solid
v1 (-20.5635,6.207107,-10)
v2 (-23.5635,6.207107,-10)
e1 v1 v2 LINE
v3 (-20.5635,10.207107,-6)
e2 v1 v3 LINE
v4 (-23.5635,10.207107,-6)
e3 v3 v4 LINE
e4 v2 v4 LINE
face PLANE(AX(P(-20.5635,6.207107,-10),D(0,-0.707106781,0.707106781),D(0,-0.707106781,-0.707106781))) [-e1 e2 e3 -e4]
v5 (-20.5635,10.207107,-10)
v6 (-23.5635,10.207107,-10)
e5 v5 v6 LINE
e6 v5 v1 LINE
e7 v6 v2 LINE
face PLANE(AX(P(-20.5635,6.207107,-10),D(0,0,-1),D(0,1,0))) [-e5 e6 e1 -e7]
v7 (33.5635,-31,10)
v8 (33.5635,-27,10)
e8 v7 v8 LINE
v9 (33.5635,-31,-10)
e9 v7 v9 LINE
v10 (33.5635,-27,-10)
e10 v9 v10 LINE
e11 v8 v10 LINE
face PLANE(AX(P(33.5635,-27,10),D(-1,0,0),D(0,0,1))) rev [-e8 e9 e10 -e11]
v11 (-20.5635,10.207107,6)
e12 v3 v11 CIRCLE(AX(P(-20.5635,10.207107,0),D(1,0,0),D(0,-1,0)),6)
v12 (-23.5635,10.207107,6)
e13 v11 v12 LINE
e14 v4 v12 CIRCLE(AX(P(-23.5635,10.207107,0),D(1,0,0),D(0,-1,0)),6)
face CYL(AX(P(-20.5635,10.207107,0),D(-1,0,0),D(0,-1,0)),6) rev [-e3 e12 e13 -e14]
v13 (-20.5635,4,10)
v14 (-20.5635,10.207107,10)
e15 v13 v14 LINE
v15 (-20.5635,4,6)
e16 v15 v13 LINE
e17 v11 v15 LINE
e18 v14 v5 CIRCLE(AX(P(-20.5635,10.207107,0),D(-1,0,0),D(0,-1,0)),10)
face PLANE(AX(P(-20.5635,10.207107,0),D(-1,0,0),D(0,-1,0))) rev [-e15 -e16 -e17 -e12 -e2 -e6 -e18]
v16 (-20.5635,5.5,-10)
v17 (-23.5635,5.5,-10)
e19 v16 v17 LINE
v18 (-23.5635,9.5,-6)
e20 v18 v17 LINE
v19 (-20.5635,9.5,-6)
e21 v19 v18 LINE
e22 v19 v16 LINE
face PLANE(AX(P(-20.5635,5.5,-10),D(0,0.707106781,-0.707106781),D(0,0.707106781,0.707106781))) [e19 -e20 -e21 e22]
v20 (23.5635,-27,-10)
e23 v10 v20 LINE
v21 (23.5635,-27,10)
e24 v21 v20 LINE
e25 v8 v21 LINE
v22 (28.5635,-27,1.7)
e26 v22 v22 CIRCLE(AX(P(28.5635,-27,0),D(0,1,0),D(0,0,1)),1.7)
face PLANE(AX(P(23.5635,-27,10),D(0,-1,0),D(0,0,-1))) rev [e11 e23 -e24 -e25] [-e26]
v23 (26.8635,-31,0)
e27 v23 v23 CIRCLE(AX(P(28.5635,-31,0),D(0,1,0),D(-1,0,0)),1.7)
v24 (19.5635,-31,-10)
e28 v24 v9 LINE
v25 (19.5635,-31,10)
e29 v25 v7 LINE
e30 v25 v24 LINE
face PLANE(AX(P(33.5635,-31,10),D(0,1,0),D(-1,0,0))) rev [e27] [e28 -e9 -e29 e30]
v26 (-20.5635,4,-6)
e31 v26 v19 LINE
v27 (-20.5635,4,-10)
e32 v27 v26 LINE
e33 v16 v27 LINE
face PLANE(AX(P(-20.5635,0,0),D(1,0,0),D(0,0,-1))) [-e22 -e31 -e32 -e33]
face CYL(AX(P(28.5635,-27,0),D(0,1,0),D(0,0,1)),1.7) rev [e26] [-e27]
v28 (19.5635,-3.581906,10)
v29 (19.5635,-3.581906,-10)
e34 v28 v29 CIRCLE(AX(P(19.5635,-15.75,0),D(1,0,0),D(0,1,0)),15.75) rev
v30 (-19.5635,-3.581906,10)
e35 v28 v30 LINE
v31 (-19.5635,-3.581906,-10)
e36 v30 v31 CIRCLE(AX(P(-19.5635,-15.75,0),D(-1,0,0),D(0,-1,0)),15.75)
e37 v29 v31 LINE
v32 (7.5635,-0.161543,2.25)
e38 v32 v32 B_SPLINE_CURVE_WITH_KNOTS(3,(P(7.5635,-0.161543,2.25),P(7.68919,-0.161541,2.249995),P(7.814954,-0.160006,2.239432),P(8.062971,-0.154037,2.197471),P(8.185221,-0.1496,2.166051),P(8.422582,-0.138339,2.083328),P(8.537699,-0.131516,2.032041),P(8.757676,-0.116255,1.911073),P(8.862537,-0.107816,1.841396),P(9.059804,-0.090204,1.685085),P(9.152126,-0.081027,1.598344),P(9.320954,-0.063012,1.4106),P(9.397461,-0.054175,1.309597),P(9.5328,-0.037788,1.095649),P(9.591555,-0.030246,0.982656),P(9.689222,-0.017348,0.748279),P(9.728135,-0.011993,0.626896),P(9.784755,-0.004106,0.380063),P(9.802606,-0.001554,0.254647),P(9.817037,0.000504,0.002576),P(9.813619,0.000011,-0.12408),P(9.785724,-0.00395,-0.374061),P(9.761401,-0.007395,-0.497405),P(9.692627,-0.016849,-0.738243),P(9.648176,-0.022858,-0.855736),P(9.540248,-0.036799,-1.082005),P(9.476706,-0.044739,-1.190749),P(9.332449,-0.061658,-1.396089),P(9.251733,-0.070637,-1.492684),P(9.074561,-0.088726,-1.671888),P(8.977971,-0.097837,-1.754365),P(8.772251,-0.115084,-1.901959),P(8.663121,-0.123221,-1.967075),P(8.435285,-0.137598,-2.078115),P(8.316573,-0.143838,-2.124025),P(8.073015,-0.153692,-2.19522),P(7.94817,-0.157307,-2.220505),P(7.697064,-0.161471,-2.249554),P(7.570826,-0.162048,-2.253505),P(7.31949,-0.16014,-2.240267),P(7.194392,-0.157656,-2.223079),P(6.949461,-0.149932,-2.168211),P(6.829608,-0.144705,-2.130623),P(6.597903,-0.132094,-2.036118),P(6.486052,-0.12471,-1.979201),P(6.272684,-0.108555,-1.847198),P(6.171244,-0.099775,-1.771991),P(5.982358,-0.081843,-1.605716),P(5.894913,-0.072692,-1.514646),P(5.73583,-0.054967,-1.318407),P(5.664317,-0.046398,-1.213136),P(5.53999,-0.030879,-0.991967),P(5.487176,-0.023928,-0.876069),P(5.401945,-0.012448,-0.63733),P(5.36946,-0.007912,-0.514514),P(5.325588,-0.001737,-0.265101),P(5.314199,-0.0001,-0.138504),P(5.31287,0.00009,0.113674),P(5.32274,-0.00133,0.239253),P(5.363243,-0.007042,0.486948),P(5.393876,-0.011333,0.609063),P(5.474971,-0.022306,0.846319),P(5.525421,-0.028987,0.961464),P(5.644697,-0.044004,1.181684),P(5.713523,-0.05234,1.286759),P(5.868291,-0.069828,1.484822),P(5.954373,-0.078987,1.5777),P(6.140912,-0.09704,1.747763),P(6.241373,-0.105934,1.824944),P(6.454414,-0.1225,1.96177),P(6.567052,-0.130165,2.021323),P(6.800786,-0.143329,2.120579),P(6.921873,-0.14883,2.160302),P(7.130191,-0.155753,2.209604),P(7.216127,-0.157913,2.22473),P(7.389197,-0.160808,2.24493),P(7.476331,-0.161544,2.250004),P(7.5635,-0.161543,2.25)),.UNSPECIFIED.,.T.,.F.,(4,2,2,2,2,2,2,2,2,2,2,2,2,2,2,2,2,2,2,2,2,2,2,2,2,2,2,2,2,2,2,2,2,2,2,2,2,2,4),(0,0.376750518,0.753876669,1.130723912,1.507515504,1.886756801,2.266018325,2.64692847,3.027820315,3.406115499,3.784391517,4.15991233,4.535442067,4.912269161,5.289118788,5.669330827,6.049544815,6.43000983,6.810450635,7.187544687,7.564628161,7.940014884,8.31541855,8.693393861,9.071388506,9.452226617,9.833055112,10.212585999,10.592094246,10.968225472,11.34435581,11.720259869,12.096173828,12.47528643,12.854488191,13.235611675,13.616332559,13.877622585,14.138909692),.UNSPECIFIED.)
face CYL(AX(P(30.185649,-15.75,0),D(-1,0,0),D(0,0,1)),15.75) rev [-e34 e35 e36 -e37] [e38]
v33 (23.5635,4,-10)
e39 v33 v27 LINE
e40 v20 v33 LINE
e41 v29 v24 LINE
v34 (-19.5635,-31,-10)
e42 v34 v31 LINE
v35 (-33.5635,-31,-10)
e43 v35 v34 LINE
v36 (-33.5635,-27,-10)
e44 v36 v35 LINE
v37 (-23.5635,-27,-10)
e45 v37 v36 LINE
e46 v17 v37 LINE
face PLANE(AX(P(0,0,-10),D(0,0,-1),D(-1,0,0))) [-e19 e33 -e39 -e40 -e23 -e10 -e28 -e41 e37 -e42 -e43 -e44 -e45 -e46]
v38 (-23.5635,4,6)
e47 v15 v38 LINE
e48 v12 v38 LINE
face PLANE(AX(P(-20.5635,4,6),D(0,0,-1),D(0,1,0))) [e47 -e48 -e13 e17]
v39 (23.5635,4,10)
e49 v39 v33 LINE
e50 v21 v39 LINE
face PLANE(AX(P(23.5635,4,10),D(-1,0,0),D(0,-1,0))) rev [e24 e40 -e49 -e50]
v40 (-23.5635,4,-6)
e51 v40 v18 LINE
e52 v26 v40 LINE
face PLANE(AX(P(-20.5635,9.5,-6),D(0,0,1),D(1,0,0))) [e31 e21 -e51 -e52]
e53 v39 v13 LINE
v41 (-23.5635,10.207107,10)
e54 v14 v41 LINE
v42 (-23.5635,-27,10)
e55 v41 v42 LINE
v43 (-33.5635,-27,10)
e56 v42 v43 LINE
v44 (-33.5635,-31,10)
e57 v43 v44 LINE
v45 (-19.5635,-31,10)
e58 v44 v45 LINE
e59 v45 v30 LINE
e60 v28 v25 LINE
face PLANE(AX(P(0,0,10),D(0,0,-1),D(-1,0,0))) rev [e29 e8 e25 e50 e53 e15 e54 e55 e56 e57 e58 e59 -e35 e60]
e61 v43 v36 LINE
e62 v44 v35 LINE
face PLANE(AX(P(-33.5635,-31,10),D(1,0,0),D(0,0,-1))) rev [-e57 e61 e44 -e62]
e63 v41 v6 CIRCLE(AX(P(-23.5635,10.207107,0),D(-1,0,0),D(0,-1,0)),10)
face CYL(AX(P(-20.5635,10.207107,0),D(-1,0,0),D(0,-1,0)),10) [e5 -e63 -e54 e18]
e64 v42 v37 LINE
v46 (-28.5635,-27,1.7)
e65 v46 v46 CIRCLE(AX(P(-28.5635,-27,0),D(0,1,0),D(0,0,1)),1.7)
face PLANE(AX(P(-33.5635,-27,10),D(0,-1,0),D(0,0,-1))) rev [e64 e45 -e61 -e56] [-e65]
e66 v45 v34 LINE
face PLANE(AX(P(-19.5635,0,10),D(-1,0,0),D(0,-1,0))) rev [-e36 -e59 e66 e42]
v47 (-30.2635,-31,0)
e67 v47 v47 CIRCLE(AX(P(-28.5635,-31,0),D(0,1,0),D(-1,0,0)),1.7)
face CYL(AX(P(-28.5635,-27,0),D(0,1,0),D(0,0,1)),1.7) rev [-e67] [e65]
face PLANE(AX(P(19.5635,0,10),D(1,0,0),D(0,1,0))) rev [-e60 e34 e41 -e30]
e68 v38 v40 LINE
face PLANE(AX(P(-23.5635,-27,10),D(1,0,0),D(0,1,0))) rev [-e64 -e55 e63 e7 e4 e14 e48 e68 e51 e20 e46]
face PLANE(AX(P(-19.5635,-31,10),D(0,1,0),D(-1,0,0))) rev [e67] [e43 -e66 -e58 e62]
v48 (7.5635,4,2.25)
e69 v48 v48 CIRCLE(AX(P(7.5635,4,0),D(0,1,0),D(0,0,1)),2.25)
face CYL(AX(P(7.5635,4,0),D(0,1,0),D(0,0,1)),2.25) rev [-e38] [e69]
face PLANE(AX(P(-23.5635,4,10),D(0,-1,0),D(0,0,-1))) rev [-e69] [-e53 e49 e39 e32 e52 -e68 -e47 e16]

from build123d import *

# Parameters (mm, degrees)
BOSS_EXTRUDE1_DEPTH      = 10
BOSS_EXTRUDE2_START      = -19.5635
BOSS_EXTRUDE2_DEPTH      = 39.127
M3_CLEARANCE_HOLE1_D     = 3.4
M3_CLEARANCE_HOLE1_DEPTH = 7.5
M3_CLEARANCE_HOLE1_TIP   = 1.021463052
M4_CLEARANCE_HOLE1_D     = 4.5
BOSS_EXTRUDE3_DEPTH      = 3


with BuildPart() as part:
    # Sketch1 → Boss-Extrude1 (new, symmetric)
    with BuildSketch(Plane.XY):
        Polygon((-19.5635, 0), (19.5635, 0), (19.5635, -31), (33.5635, -31), (33.5635, -27), (23.5635, -27), (23.5635, 4), (-23.5635, 4), (-23.5635, -27), (-33.5635, -27), (-33.5635, -31), (-19.5635, -31), align=None)
    extrude(amount=BOSS_EXTRUDE1_DEPTH, both=True)

    # Sketch2 → Boss-Extrude2 (add)
    with BuildSketch(Plane(origin=(0, 0, 0), x_dir=(0, 0, -1), z_dir=(1, 0, 0)).offset(BOSS_EXTRUDE2_START)):
        with BuildLine():
            Line((5e-09, 0), (-10, 0))
            Line((-10, 0), (-10, -3.581906476))
            ThreePointArc((-10, -3.581906476), (-5.311074607, -0.922492235), (5e-09, 0))
        make_face()
        with BuildLine():
            Line((10, 0), (5e-09, 0))
            ThreePointArc((5e-09, 0), (5.311074611, -0.922492237), (10, -3.581906476))
            Line((10, -3.581906476), (10, 0))
        make_face()
    extrude(amount=BOSS_EXTRUDE2_DEPTH)

    # M3 Clearance Hole1
    with Locations(Plane(origin=(0, -27, 0), x_dir=(1, 0, 0), z_dir=(0, 1, 0))):
        with Locations((28.5635, 0), (-28.5635, 0)):
            Hole(M3_CLEARANCE_HOLE1_D / 2, depth=M3_CLEARANCE_HOLE1_DEPTH)
            with Locations((0, 0, -(M3_CLEARANCE_HOLE1_DEPTH + M3_CLEARANCE_HOLE1_TIP / 2))):  # 118° drill point
                Cone(0, M3_CLEARANCE_HOLE1_D / 2, M3_CLEARANCE_HOLE1_TIP, mode=Mode.SUBTRACT)

    # M4 Clearance Hole1 (through all)
    with Locations(Plane(origin=(0, 4, 0), x_dir=(1, 0, 0), z_dir=(0, 1, 0))):
        with Locations((7.5635, 0)):
            Hole(M4_CLEARANCE_HOLE1_D / 2)

    # Sketch7 → Boss-Extrude3 (add)
    with BuildSketch(Plane.ZY.offset(23.5635)):
        Polygon((-10, 4), (-10, 5.5), (-6, 9.5), (-6, 4), align=None)
        with BuildLine():
            Line((-10, 6.207106781), (-6, 10.207106781))
            ThreePointArc((-6, 10.207106781), (0, 16.207106781), (6, 10.207106781))
            Line((6, 10.207106781), (6, 4))
            Line((6, 4), (10, 4))
            Line((10, 4), (10, 10.207106781))
            ThreePointArc((10, 10.207106781), (0, 20.207106781), (-10, 10.207106781))
            Line((-10, 10.207106781), (-10, 6.207106781))
        make_face()
    extrude(amount=-BOSS_EXTRUDE3_DEPTH)


solid = part.part
